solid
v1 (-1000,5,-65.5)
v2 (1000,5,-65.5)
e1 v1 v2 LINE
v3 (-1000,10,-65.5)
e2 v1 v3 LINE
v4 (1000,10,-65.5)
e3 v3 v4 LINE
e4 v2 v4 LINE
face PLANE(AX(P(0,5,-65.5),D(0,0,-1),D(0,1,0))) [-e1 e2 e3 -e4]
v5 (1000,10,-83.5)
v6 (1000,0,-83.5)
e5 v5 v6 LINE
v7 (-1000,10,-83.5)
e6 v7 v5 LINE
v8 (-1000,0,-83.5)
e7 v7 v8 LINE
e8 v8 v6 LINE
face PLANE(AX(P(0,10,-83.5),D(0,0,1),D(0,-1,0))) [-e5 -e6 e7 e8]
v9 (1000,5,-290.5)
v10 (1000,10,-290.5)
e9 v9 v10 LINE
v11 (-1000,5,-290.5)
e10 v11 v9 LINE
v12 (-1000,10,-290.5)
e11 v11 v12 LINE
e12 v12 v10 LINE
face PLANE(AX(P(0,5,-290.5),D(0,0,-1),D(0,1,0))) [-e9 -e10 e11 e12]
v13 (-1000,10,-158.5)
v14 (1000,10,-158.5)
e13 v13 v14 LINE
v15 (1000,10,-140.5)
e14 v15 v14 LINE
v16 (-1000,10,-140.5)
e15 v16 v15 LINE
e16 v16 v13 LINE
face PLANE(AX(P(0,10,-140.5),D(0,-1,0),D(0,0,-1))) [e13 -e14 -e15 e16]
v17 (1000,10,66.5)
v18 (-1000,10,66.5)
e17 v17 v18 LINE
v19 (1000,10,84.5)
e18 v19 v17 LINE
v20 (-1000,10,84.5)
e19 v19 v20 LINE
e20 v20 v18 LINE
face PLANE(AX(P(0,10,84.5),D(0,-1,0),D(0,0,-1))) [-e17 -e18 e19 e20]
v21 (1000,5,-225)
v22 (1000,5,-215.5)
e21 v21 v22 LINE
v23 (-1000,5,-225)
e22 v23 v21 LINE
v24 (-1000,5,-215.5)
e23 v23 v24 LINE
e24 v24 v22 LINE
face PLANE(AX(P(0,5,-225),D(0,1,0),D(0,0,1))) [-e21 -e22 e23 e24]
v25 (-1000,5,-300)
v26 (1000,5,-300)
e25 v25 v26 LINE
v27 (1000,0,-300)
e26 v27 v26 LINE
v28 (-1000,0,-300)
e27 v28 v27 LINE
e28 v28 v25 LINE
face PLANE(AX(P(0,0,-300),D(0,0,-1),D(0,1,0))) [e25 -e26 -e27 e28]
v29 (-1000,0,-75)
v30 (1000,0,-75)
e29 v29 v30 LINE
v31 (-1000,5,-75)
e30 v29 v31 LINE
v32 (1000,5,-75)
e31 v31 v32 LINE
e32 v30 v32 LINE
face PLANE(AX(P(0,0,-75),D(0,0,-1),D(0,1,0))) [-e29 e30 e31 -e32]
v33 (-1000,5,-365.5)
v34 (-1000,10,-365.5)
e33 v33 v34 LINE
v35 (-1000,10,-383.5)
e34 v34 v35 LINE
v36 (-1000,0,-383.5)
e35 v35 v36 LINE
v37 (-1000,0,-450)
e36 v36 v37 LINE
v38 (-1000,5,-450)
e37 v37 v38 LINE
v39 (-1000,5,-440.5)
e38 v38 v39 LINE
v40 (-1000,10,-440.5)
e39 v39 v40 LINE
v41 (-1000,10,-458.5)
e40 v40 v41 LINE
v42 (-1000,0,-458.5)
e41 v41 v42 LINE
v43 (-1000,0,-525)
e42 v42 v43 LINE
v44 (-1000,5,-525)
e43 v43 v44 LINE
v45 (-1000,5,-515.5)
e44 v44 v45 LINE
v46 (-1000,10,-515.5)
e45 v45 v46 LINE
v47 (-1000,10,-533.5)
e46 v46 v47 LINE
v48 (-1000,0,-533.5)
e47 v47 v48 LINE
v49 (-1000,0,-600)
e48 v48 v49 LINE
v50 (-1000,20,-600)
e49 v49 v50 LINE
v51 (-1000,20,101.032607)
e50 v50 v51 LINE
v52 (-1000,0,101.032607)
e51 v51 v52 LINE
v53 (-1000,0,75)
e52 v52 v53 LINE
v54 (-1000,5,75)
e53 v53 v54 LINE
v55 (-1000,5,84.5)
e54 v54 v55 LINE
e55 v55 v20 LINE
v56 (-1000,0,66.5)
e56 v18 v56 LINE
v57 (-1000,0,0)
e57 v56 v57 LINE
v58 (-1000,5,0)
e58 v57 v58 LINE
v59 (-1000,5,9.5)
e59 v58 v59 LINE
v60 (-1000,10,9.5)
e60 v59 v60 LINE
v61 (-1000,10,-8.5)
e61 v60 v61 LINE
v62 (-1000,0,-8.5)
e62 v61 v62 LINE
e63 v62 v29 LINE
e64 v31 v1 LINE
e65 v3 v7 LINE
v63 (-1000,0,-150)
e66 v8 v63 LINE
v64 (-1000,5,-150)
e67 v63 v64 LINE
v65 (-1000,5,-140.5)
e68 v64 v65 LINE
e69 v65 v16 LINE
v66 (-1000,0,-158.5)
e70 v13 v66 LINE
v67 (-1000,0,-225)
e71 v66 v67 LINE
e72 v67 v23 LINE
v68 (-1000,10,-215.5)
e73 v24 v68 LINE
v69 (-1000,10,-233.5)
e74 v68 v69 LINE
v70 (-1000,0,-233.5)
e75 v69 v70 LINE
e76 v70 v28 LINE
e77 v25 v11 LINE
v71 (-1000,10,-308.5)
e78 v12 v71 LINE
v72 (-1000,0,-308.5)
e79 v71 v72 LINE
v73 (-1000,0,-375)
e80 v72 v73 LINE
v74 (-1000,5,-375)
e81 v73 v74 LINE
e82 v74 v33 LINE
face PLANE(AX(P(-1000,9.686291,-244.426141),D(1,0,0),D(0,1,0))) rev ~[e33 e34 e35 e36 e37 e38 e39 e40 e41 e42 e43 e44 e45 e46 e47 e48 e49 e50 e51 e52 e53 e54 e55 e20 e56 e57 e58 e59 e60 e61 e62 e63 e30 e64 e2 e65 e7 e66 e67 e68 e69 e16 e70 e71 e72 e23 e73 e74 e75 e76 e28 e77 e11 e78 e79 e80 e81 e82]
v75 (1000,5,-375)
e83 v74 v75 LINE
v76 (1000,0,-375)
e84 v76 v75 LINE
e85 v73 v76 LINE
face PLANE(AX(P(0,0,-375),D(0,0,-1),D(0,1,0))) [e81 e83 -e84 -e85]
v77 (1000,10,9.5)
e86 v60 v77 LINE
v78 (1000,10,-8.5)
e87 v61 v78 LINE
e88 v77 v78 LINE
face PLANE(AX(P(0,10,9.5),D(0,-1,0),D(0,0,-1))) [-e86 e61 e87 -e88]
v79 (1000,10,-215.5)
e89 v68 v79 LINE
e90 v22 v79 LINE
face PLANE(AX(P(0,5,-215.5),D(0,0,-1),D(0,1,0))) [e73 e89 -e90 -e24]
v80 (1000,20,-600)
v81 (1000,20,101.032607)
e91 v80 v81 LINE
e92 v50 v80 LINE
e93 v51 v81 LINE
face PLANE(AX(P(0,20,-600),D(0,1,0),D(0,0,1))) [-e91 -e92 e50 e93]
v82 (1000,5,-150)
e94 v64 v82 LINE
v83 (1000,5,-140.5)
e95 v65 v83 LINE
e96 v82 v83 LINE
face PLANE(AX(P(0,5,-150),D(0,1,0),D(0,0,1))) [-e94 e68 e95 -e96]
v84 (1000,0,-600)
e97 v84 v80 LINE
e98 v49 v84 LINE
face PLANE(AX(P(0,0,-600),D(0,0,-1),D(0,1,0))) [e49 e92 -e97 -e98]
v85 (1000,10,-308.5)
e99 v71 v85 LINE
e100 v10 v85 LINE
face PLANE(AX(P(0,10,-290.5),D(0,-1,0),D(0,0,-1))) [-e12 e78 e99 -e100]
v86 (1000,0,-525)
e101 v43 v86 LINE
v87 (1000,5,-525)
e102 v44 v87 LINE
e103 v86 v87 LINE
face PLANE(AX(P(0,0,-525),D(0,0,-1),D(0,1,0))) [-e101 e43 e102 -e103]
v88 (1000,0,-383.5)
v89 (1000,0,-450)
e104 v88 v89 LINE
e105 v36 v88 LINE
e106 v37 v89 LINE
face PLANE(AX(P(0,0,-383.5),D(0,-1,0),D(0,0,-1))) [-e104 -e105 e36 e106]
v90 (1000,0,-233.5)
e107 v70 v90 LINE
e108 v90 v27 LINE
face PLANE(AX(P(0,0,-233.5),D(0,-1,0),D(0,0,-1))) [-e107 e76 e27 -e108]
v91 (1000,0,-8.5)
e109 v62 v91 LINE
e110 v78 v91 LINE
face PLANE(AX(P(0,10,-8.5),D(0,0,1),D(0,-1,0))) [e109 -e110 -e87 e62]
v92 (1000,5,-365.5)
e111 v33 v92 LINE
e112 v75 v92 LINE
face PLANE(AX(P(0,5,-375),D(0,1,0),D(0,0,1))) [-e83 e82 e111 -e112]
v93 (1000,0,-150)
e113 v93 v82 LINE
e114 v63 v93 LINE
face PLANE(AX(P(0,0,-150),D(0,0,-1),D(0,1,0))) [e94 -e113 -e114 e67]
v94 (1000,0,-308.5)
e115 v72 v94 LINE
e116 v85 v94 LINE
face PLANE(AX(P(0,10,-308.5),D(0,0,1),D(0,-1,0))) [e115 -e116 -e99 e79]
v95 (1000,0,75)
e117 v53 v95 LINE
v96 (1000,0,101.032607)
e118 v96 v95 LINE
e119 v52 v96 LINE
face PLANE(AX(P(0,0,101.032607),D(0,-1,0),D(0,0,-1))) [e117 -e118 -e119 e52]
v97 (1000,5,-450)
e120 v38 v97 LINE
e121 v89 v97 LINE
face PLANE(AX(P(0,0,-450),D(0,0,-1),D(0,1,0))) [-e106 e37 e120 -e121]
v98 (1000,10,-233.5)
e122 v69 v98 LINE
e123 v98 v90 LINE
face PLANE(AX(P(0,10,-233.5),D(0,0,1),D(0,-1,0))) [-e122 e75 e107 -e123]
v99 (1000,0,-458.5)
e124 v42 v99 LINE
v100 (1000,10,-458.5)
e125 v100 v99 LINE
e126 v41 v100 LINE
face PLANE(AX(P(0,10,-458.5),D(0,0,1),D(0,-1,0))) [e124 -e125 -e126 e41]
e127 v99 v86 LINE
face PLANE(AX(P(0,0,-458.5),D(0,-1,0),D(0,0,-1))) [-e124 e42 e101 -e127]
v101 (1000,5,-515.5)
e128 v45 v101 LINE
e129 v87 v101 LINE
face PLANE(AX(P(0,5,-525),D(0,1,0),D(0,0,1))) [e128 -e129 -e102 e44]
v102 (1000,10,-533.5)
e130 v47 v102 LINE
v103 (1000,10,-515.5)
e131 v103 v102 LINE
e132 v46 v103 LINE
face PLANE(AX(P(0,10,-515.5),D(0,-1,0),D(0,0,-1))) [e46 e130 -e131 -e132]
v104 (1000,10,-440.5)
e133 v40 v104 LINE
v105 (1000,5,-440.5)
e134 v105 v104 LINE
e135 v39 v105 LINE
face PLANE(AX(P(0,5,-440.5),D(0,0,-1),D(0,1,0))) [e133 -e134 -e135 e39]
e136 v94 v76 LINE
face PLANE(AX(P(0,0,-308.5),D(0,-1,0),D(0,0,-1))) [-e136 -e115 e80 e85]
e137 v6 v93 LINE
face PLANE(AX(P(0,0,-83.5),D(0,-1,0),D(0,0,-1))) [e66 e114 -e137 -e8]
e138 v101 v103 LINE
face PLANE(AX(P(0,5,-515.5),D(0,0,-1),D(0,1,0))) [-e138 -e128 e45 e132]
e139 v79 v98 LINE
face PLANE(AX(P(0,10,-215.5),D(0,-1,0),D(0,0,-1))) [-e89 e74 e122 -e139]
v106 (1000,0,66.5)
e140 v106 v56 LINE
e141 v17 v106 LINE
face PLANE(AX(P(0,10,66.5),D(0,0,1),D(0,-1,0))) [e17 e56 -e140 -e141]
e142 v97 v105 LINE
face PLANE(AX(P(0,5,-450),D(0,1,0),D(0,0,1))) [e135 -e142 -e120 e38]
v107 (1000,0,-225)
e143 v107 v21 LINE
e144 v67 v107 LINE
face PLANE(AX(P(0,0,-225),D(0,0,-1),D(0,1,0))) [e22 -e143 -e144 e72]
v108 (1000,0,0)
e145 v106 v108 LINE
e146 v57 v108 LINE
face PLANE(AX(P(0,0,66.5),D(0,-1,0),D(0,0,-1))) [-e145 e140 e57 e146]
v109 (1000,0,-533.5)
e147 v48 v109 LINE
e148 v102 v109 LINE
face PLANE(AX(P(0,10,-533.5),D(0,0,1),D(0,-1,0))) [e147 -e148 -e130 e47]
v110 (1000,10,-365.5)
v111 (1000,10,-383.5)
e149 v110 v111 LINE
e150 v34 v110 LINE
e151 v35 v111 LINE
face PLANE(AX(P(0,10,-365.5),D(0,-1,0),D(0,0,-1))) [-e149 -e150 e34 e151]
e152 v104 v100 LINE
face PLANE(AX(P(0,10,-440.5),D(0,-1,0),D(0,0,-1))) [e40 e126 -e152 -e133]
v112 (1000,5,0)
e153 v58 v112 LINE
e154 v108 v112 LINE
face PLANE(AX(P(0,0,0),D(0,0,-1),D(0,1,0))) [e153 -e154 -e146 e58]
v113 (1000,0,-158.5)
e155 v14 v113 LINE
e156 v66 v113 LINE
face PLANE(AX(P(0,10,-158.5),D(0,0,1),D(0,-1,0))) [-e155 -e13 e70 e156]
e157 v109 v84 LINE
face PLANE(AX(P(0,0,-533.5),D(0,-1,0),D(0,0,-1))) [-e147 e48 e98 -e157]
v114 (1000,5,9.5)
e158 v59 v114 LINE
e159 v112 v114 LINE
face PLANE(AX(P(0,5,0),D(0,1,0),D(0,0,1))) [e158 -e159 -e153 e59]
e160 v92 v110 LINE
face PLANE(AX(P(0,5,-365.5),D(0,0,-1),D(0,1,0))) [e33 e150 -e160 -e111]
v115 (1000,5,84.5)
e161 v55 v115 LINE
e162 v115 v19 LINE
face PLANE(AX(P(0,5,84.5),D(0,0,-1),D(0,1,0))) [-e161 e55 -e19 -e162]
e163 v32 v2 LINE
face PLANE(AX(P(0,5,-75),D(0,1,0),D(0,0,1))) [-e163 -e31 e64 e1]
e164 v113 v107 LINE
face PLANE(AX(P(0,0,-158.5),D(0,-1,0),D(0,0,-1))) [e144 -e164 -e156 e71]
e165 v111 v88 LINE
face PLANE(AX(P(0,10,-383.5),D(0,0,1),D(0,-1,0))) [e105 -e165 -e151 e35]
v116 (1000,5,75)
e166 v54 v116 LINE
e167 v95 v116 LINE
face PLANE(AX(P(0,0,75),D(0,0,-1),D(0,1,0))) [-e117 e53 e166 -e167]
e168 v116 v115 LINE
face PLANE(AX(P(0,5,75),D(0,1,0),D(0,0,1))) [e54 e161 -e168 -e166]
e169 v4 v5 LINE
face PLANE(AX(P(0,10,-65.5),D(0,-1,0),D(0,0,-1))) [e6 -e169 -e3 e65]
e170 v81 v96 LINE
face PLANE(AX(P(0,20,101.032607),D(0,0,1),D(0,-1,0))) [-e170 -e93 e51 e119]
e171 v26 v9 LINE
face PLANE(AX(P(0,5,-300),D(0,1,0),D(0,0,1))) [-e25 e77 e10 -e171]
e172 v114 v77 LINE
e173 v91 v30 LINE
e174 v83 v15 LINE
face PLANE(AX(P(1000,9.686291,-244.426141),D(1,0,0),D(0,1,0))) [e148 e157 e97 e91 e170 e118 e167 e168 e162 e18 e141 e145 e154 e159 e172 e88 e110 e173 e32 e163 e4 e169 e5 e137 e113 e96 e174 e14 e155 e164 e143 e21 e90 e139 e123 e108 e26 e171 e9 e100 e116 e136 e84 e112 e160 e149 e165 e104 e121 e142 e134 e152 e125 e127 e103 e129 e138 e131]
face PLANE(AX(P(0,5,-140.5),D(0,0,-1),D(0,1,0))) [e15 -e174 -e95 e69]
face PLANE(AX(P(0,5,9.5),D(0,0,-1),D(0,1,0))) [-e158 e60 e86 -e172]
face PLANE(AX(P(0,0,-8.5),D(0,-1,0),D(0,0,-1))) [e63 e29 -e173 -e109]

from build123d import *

# Parameters (mm, degrees)
F1_DEPTH = 1000


with BuildPart() as f1:
    # F0 (on Right) → F1 (new body, symmetric)
    with BuildSketch(Plane.YZ):
        Polygon((0, 66.5), (0, 0), (5, 0), (5, 9.5), (10, 9.5), (10, -8.5), (0, -8.5), (0, -75), (5, -75), (5, -65.5), (10, -65.5), (10, -83.5), (0, -83.5), (0, -150), (5, -150), (5, -140.5), (10, -140.5), (10, -158.5), (0, -158.5), (0, -225), (5, -225), (5, -215.5), (10, -215.5), (10, -233.5), (0, -233.5), (0, -300), (5, -300), (5, -290.5), (10, -290.5), (10, -308.5), (0, -308.5), (0, -375), (5, -375), (5, -365.5), (10, -365.5), (10, -383.5), (0, -383.5), (0, -450), (5, -450), (5, -440.5), (10, -440.5), (10, -458.5), (0, -458.5), (0, -525), (5, -525), (5, -515.5), (10, -515.5), (10, -533.5), (0, -533.5), (0, -600), (20, -600), (20, 101.032607), (0, 101.032607), (0, 75), (5, 75), (5, 84.5), (10, 84.5), (10, 66.5), align=None)
    extrude(amount=F1_DEPTH, both=True)


solid = f1.part
